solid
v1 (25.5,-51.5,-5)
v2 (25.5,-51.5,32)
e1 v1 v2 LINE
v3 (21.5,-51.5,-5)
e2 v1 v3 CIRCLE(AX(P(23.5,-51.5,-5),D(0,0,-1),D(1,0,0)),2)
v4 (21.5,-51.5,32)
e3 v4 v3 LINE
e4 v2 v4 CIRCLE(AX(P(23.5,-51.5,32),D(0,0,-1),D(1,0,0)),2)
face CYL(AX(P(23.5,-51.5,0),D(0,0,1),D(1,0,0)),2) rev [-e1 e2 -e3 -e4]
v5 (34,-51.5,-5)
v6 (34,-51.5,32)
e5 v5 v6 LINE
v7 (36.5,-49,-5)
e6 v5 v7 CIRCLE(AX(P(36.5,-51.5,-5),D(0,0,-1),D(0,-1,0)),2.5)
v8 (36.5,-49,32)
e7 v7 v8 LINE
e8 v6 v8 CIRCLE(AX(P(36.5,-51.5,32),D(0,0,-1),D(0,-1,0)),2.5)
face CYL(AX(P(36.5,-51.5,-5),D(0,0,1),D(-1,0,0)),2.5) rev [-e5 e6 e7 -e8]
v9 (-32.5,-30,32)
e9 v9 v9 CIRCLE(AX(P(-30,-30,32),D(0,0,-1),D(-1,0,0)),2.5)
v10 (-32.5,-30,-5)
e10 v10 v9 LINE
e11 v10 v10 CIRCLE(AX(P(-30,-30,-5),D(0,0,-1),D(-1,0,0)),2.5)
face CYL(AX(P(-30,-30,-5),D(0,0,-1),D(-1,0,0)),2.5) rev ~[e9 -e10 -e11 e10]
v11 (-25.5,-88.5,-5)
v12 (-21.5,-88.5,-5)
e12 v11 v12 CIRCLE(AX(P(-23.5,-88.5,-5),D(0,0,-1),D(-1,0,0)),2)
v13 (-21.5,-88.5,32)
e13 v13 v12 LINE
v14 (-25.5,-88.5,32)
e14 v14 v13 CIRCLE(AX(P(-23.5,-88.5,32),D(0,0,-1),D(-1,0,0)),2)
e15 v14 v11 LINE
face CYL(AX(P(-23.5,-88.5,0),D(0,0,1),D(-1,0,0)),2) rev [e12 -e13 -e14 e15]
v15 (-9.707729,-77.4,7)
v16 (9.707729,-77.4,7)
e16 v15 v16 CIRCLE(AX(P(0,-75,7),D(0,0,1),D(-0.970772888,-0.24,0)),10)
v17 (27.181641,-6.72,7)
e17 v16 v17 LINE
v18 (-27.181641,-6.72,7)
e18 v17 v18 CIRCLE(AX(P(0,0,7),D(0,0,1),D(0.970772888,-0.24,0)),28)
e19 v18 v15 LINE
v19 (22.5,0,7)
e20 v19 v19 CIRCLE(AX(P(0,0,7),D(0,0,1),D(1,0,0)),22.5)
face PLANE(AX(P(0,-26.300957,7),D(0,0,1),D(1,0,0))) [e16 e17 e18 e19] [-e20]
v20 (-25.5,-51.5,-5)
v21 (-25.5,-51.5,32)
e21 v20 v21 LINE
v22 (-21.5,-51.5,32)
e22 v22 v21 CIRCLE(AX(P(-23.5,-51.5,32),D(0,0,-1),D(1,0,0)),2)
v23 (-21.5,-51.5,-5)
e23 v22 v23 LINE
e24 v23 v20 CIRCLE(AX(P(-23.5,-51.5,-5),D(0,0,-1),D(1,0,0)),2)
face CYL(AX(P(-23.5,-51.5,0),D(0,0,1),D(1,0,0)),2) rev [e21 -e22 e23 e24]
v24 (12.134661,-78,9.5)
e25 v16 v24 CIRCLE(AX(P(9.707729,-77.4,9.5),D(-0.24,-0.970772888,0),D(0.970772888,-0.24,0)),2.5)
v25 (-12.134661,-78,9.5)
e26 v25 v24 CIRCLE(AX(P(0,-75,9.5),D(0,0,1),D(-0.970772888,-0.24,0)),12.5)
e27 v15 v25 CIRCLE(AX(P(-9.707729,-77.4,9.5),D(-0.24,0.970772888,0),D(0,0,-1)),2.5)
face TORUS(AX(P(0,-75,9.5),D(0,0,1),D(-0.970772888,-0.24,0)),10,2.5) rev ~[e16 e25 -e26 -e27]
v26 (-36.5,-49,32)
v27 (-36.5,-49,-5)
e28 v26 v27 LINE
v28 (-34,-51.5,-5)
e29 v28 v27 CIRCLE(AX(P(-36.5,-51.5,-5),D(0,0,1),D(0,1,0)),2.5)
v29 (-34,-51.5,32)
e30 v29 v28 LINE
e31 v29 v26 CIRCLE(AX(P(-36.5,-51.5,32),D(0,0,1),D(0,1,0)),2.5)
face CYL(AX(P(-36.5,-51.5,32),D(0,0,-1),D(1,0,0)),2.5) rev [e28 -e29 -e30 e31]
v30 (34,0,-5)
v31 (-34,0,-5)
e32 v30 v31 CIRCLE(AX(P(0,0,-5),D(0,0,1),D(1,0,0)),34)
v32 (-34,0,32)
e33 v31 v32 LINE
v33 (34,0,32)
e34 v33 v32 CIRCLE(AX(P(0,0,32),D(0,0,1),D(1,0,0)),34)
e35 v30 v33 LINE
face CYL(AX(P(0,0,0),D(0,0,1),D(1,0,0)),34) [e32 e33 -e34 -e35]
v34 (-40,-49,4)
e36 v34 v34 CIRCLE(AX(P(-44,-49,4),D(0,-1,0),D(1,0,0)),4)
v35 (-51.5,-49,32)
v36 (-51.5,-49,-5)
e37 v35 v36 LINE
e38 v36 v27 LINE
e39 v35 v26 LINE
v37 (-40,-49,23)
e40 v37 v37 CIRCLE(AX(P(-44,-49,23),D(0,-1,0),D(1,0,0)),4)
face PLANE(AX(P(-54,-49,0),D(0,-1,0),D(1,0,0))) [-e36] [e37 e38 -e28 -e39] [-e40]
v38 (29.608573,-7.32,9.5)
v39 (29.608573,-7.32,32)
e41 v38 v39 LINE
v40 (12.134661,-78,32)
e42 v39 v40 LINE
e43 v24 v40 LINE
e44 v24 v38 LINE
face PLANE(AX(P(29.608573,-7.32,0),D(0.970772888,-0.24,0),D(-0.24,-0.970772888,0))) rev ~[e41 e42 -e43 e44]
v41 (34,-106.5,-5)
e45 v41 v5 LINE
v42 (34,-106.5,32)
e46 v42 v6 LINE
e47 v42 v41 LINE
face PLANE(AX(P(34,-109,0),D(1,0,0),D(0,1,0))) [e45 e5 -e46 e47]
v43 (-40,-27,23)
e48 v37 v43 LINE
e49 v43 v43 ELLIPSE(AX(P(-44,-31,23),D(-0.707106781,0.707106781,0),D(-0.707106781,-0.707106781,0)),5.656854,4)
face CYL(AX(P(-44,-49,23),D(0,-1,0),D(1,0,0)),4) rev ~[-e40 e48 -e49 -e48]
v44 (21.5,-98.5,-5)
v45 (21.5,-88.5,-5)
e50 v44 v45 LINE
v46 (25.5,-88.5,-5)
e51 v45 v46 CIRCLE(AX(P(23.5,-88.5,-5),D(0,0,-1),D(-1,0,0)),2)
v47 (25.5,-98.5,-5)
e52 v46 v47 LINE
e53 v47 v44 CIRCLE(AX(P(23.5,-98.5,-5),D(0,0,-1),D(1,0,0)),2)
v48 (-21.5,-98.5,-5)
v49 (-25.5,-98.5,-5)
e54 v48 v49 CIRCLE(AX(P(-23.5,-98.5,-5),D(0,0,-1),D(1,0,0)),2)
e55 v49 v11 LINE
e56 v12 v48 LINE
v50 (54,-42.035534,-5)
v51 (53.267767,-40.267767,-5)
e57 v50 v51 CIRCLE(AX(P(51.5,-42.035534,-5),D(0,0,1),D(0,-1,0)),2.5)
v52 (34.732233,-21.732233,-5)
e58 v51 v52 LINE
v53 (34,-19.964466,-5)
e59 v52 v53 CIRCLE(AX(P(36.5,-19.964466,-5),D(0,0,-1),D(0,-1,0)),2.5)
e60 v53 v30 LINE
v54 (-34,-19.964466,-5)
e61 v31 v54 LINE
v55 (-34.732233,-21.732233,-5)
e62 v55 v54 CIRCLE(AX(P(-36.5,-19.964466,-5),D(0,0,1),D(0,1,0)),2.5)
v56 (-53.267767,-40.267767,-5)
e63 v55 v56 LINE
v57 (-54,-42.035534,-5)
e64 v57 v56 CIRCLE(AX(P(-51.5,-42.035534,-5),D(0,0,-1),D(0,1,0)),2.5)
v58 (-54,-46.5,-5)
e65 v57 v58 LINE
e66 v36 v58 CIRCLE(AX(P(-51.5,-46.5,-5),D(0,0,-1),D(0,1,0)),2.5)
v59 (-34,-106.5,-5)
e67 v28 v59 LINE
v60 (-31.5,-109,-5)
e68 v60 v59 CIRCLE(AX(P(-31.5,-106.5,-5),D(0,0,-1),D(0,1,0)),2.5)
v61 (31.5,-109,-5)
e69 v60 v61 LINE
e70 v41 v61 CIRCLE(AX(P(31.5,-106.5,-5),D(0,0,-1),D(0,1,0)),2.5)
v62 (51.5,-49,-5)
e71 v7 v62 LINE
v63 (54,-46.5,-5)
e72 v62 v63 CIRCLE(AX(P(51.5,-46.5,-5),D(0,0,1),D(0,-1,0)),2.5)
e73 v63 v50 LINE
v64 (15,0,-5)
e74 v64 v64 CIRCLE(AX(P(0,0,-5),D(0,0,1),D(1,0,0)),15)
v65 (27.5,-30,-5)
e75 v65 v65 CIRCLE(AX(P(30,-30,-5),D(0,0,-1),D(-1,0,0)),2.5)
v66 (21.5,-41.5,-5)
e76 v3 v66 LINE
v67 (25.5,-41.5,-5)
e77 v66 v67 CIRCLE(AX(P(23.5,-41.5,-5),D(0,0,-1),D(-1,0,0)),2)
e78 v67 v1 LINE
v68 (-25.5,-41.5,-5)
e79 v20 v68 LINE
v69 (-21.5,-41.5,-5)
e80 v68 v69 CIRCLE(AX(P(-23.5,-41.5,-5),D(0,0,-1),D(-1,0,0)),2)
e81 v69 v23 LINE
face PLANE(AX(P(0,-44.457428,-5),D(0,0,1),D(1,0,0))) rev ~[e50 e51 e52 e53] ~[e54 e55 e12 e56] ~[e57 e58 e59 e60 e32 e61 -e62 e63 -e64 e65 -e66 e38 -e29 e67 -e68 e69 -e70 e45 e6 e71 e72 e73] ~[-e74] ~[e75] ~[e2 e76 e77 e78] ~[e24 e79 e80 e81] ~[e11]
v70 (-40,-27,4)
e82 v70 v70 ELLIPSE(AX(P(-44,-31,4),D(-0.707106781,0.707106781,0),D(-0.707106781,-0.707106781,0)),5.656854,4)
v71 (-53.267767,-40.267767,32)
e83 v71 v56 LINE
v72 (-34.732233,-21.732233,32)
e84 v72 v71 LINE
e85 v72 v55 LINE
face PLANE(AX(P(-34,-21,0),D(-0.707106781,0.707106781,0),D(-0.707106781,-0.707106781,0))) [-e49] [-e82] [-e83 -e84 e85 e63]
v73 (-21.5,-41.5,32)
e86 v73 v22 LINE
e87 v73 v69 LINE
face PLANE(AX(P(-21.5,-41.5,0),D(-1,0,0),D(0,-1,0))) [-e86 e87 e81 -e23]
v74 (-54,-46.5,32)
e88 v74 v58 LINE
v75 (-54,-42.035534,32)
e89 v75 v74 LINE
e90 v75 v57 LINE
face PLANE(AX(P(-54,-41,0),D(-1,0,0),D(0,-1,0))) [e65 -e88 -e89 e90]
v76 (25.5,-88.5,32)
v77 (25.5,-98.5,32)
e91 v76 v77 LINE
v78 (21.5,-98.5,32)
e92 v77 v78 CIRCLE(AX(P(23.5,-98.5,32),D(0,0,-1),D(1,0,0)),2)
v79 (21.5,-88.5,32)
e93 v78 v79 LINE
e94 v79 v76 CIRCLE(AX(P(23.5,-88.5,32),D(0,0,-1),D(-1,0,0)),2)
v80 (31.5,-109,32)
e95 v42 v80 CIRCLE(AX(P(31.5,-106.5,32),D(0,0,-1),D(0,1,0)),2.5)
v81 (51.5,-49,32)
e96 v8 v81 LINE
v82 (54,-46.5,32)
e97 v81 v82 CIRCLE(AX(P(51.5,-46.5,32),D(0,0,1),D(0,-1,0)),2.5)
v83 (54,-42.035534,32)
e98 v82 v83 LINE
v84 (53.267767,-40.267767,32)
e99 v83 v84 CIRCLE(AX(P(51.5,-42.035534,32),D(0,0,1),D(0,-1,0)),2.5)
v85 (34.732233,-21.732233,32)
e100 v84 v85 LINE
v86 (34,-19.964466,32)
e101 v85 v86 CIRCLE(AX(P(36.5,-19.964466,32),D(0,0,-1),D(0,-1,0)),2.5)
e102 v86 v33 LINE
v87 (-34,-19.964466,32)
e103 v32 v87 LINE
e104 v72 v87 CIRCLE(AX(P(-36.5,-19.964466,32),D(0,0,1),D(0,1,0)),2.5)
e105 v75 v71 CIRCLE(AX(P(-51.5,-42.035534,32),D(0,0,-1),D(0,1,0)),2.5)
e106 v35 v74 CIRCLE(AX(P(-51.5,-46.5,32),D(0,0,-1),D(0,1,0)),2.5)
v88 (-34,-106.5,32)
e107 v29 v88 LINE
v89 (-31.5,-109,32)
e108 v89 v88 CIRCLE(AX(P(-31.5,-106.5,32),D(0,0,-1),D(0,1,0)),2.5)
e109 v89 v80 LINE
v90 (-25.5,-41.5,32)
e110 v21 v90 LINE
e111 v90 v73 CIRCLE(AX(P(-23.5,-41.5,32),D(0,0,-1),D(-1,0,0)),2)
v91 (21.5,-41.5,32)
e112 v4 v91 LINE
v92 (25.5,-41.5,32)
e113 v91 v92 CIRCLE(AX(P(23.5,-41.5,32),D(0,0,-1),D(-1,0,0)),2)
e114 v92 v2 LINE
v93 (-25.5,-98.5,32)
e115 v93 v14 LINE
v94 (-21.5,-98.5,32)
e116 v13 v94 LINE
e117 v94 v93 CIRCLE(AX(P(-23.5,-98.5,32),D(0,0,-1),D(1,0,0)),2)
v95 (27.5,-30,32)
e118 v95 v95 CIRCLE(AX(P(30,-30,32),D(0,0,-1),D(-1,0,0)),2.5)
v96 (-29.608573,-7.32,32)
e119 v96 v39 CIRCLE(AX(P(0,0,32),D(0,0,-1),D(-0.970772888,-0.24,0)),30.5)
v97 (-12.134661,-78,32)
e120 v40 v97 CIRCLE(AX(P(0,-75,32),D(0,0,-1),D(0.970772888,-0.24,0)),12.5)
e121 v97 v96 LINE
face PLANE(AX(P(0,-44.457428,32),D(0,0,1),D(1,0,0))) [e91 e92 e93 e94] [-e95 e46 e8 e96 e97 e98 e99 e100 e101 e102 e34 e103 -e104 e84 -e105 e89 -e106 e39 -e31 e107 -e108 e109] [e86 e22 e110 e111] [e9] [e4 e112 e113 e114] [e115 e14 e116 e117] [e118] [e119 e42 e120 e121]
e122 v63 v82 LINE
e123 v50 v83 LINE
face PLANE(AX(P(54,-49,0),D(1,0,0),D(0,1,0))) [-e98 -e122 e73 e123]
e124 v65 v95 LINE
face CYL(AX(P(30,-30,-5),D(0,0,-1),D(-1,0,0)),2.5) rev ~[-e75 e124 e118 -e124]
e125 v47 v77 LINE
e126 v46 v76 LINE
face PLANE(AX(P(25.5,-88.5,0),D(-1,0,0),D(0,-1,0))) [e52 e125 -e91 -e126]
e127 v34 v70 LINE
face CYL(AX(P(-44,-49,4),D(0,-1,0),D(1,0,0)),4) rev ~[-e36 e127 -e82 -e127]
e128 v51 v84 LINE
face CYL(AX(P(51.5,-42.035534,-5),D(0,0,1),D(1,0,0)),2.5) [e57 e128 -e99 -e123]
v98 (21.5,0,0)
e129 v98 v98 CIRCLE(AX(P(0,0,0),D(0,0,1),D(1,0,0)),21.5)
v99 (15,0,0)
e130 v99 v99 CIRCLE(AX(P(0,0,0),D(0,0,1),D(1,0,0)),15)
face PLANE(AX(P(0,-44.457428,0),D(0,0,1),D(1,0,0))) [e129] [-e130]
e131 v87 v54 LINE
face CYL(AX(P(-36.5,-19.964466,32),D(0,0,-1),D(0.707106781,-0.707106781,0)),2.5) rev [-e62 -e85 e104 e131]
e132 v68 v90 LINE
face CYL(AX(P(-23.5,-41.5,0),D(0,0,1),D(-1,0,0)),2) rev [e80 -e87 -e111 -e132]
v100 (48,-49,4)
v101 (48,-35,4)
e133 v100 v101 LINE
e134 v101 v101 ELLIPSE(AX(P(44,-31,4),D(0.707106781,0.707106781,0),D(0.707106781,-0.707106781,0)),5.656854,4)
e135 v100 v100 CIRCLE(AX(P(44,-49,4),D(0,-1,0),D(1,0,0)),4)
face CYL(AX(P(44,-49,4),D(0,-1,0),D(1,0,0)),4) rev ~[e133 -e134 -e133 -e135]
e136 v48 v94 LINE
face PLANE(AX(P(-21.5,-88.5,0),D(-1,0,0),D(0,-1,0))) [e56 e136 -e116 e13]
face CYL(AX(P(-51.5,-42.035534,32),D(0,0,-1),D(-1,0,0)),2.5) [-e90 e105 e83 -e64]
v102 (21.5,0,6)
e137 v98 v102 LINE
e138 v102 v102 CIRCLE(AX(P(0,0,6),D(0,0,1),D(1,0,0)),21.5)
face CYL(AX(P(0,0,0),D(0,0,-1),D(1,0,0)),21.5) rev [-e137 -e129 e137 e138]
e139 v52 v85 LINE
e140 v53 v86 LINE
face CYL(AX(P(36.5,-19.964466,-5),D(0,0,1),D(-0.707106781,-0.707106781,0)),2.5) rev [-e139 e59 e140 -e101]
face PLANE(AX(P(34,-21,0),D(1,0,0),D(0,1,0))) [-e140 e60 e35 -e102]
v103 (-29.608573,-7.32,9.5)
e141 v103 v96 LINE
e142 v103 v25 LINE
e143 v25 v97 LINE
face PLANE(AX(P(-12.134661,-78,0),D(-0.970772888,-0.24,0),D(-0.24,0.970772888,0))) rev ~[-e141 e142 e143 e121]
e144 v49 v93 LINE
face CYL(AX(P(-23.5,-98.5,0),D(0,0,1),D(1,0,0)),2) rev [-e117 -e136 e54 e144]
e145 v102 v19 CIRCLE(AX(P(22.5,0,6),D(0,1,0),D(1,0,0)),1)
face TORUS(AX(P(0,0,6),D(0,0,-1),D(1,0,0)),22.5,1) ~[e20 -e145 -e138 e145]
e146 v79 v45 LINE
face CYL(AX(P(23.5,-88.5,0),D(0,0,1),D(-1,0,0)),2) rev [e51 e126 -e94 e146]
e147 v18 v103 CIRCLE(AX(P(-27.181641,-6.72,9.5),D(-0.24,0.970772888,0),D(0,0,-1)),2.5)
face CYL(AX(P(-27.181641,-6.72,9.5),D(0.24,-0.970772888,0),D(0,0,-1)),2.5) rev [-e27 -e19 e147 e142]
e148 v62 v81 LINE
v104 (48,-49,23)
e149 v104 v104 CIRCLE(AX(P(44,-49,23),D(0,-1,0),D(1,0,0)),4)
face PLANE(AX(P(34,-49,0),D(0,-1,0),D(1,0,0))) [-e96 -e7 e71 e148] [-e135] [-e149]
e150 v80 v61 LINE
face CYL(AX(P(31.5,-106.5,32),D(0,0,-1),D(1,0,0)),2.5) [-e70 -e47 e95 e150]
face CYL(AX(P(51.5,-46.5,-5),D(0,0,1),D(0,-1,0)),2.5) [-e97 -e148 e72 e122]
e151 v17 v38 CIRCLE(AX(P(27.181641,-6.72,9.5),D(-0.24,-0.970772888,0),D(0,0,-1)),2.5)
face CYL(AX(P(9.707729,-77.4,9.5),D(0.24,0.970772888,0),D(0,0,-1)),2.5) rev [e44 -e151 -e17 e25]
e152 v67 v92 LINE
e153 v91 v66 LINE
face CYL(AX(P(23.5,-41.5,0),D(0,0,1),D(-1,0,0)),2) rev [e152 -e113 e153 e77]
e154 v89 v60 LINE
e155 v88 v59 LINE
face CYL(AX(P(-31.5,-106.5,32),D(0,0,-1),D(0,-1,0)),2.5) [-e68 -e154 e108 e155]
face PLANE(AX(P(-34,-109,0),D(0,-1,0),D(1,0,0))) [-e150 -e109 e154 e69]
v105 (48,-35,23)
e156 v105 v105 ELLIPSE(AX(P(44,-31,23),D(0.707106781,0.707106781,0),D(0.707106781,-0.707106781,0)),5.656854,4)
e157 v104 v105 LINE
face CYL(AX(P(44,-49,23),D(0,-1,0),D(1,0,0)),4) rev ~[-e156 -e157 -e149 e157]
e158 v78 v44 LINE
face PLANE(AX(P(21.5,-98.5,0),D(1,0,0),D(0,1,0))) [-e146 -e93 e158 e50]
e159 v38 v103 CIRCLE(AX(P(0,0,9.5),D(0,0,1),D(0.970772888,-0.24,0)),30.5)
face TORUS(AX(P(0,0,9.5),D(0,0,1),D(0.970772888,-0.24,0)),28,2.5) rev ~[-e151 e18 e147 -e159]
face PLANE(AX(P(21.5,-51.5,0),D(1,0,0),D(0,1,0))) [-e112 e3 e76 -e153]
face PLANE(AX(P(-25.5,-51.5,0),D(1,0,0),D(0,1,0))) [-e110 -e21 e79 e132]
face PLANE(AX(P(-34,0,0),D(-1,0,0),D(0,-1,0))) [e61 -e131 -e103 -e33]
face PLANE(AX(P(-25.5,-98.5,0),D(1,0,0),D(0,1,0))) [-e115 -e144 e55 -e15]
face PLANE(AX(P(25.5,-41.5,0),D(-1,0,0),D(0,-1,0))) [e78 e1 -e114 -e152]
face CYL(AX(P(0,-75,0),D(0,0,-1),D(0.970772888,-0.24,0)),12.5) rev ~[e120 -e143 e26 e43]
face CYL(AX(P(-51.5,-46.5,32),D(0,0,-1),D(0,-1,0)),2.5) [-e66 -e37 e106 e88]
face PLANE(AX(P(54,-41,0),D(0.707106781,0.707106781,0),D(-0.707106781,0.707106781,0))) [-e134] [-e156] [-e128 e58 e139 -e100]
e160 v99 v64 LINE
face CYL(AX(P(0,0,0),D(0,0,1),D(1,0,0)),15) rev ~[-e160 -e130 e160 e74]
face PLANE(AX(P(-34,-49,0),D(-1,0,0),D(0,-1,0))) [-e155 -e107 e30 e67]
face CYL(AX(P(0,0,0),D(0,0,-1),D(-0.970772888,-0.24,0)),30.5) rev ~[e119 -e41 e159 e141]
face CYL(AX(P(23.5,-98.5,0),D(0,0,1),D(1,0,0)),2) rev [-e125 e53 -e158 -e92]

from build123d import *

# Parameters (mm, degrees)
BOSS_EXTRU_1_DEPTH      = 32
ESQUISSE1_7_R           = 15
BOSS_EXTRU_3_DEPTH      = 5
ESQUISSE1_8_R           = 21.5
BOSS_EXTRU_4_DEPTH      = 7
CONG_2_R                = 1
CONG_3_R                = 2.5
ESQUISSE2_R             = 2.5
ENL_V_MAT_EXTRU_1_DEPTH = 38
CONG_4_R                = 2.5
ESQUISSE3_R             = 4
ENL_V_MAT_EXTRU_2_DEPTH = 84


with BuildPart() as part:
    # Esquisse1 → Boss.-Extru.1 (new body)
    with BuildSketch(Plane.XY):
        with BuildLine():
            Line((34, -109), (34, -49))
            Line((34, -49), (54, -49))
            Line((54, -49), (54, -41))
            Line((54, -41), (34, -21))
            Line((34, -21), (34, 0))
            ThreePointArc((34, 0), (0, 34), (-34, 0))
            Line((-34, 0), (-34, -21))
            Line((-34, -21), (-54, -41))
            Line((-54, -41), (-54, -49))
            Line((-54, -49), (-34, -49))
            Line((-34, -49), (-34, -109))
            Line((-34, -109), (34, -109))
        make_face()
        with BuildLine():
            ThreePointArc((-21.5, -98.5), (-23.5, -100.5), (-25.5, -98.5))
            Line((-25.5, -98.5), (-25.5, -88.5))
            ThreePointArc((-25.5, -88.5), (-23.5, -86.5), (-21.5, -88.5))
            Line((-21.5, -88.5), (-21.5, -98.5))
        make_face(mode=Mode.SUBTRACT)
        with BuildLine():
            Line((-25.5, -51.5), (-25.5, -41.5))
            ThreePointArc((-25.5, -41.5), (-23.5, -39.5), (-21.5, -41.5))
            Line((-21.5, -41.5), (-21.5, -51.5))
            ThreePointArc((-21.5, -51.5), (-23.5, -53.5), (-25.5, -51.5))
        make_face(mode=Mode.SUBTRACT)
        with BuildLine():
            Line((25.5, -88.5), (25.5, -98.5))
            ThreePointArc((25.5, -98.5), (23.5, -100.5), (21.5, -98.5))
            Line((21.5, -98.5), (21.5, -88.5))
            ThreePointArc((21.5, -88.5), (23.5, -86.5), (25.5, -88.5))
        make_face(mode=Mode.SUBTRACT)
        with BuildLine():
            Line((21.5, -51.5), (21.5, -41.5))
            ThreePointArc((21.5, -41.5), (23.5, -39.5), (25.5, -41.5))
            Line((25.5, -41.5), (25.5, -51.5))
            ThreePointArc((25.5, -51.5), (23.5, -53.5), (21.5, -51.5))
        make_face(mode=Mode.SUBTRACT)
        with BuildLine():
            ThreePointArc((-29.608573083, -7.32), (0, 30.5), (29.608573083, -7.32))
            Line((29.608573083, -7.32), (12.1346611, -78))
            ThreePointArc((12.1346611, -78), (0, -87.5), (-12.1346611, -78))
            Line((-12.1346611, -78), (-29.608573083, -7.32))
        make_face(mode=Mode.SUBTRACT)
    extrude(amount=BOSS_EXTRU_1_DEPTH)

    # Esquisse1<7> → Boss.-Extru.3 (add)
    with BuildSketch(Plane.XY):
        with BuildLine():
            Line((34, -109), (34, -49))
            Line((34, -49), (54, -49))
            Line((54, -49), (54, -41))
            Line((54, -41), (34, -21))
            Line((34, -21), (34, 0))
            ThreePointArc((34, 0), (0, 34), (-34, 0))
            Line((-34, 0), (-34, -21))
            Line((-34, -21), (-54, -41))
            Line((-54, -41), (-54, -49))
            Line((-54, -49), (-34, -49))
            Line((-34, -49), (-34, -109))
            Line((-34, -109), (34, -109))
        make_face()
        with BuildLine():
            ThreePointArc((-21.5, -98.5), (-23.5, -100.5), (-25.5, -98.5))
            Line((-25.5, -98.5), (-25.5, -88.5))
            ThreePointArc((-25.5, -88.5), (-23.5, -86.5), (-21.5, -88.5))
            Line((-21.5, -88.5), (-21.5, -98.5))
        make_face(mode=Mode.SUBTRACT)
        with BuildLine():
            Line((-25.5, -51.5), (-25.5, -41.5))
            ThreePointArc((-25.5, -41.5), (-23.5, -39.5), (-21.5, -41.5))
            Line((-21.5, -41.5), (-21.5, -51.5))
            ThreePointArc((-21.5, -51.5), (-23.5, -53.5), (-25.5, -51.5))
        make_face(mode=Mode.SUBTRACT)
        with BuildLine():
            Line((25.5, -88.5), (25.5, -98.5))
            ThreePointArc((25.5, -98.5), (23.5, -100.5), (21.5, -98.5))
            Line((21.5, -98.5), (21.5, -88.5))
            ThreePointArc((21.5, -88.5), (23.5, -86.5), (25.5, -88.5))
        make_face(mode=Mode.SUBTRACT)
        with BuildLine():
            Line((25.5, -41.5), (25.5, -51.5))
            ThreePointArc((25.5, -51.5), (23.5, -53.5), (21.5, -51.5))
            Line((21.5, -51.5), (21.5, -41.5))
            ThreePointArc((21.5, -41.5), (23.5, -39.5), (25.5, -41.5))
        make_face(mode=Mode.SUBTRACT)
        Circle(ESQUISSE1_7_R, mode=Mode.SUBTRACT)
    extrude(amount=-BOSS_EXTRU_3_DEPTH)

    # Esquisse1<8> → Boss.-Extru.4 (add)
    with BuildSketch(Plane.XY):
        with BuildLine():
            Line((-29.608573083, -7.32), (-12.1346611, -78))
            ThreePointArc((-12.1346611, -78), (0, -87.5), (12.1346611, -78))
            Line((12.1346611, -78), (29.608573083, -7.32))
            ThreePointArc((29.608573083, -7.32), (0, 30.5), (-29.608573083, -7.32))
        make_face()
        Circle(ESQUISSE1_8_R, mode=Mode.SUBTRACT)
    extrude(amount=BOSS_EXTRU_4_DEPTH)

    # Congé2
    cong_2_edges = [part.edges().sort_by_distance(p)[0] for p in [
        (-21.5, 0, 7),
    ]]
    fillet(cong_2_edges, radius=CONG_2_R)

    # Congé3
    cong_3_edges = [part.edges().sort_by_distance(p)[0] for p in [
        (-20.871617091, -42.66, 7),
        (0, -87.5, 7),
        (20.871617091, -42.66, 7),
        (0, 30.5, 7),
    ]]
    fillet(cong_3_edges, radius=CONG_3_R)

    # Esquisse2 → Enlèv. mat.-Extru.1 (cut, through all)
    with BuildSketch(Plane(origin=(0, 0, -5), x_dir=(-1, 0, 0), z_dir=(0, 0, -1))):
        with Locations((30, -30)):
            Circle(ESQUISSE2_R)
        with Locations((-30, -30)):
            Circle(ESQUISSE2_R)
    extrude(amount=-ENL_V_MAT_EXTRU_1_DEPTH, mode=Mode.SUBTRACT)

    # Congé4
    cong_4_edges = [part.edges().sort_by_distance(p)[0] for p in [
        (34, -109, 13.5),
        (-34, -109, 13.5),
        (-34, -49, 13.5),
        (-54, -49, 13.5),
        (-54, -41, 13.5),
        (-34, -21, 13.5),
        (34, -21, 13.5),
        (54, -41, 13.5),
        (54, -49, 13.5),
        (34, -49, 13.5),
    ]]
    fillet(cong_4_edges, radius=CONG_4_R)

    # Esquisse3 → Enlèv. mat.-Extru.2 (cut, through all)
    with BuildSketch(Plane.XZ.offset(49)):
        with Locations((-44, 4)):
            Circle(ESQUISSE3_R)
        with Locations((44, 4)):
            Circle(ESQUISSE3_R)
        with Locations((44, 23)):
            Circle(ESQUISSE3_R)
        with Locations((-44, 23)):
            Circle(ESQUISSE3_R)
    extrude(amount=-ENL_V_MAT_EXTRU_2_DEPTH, mode=Mode.SUBTRACT)


solid = part.part
